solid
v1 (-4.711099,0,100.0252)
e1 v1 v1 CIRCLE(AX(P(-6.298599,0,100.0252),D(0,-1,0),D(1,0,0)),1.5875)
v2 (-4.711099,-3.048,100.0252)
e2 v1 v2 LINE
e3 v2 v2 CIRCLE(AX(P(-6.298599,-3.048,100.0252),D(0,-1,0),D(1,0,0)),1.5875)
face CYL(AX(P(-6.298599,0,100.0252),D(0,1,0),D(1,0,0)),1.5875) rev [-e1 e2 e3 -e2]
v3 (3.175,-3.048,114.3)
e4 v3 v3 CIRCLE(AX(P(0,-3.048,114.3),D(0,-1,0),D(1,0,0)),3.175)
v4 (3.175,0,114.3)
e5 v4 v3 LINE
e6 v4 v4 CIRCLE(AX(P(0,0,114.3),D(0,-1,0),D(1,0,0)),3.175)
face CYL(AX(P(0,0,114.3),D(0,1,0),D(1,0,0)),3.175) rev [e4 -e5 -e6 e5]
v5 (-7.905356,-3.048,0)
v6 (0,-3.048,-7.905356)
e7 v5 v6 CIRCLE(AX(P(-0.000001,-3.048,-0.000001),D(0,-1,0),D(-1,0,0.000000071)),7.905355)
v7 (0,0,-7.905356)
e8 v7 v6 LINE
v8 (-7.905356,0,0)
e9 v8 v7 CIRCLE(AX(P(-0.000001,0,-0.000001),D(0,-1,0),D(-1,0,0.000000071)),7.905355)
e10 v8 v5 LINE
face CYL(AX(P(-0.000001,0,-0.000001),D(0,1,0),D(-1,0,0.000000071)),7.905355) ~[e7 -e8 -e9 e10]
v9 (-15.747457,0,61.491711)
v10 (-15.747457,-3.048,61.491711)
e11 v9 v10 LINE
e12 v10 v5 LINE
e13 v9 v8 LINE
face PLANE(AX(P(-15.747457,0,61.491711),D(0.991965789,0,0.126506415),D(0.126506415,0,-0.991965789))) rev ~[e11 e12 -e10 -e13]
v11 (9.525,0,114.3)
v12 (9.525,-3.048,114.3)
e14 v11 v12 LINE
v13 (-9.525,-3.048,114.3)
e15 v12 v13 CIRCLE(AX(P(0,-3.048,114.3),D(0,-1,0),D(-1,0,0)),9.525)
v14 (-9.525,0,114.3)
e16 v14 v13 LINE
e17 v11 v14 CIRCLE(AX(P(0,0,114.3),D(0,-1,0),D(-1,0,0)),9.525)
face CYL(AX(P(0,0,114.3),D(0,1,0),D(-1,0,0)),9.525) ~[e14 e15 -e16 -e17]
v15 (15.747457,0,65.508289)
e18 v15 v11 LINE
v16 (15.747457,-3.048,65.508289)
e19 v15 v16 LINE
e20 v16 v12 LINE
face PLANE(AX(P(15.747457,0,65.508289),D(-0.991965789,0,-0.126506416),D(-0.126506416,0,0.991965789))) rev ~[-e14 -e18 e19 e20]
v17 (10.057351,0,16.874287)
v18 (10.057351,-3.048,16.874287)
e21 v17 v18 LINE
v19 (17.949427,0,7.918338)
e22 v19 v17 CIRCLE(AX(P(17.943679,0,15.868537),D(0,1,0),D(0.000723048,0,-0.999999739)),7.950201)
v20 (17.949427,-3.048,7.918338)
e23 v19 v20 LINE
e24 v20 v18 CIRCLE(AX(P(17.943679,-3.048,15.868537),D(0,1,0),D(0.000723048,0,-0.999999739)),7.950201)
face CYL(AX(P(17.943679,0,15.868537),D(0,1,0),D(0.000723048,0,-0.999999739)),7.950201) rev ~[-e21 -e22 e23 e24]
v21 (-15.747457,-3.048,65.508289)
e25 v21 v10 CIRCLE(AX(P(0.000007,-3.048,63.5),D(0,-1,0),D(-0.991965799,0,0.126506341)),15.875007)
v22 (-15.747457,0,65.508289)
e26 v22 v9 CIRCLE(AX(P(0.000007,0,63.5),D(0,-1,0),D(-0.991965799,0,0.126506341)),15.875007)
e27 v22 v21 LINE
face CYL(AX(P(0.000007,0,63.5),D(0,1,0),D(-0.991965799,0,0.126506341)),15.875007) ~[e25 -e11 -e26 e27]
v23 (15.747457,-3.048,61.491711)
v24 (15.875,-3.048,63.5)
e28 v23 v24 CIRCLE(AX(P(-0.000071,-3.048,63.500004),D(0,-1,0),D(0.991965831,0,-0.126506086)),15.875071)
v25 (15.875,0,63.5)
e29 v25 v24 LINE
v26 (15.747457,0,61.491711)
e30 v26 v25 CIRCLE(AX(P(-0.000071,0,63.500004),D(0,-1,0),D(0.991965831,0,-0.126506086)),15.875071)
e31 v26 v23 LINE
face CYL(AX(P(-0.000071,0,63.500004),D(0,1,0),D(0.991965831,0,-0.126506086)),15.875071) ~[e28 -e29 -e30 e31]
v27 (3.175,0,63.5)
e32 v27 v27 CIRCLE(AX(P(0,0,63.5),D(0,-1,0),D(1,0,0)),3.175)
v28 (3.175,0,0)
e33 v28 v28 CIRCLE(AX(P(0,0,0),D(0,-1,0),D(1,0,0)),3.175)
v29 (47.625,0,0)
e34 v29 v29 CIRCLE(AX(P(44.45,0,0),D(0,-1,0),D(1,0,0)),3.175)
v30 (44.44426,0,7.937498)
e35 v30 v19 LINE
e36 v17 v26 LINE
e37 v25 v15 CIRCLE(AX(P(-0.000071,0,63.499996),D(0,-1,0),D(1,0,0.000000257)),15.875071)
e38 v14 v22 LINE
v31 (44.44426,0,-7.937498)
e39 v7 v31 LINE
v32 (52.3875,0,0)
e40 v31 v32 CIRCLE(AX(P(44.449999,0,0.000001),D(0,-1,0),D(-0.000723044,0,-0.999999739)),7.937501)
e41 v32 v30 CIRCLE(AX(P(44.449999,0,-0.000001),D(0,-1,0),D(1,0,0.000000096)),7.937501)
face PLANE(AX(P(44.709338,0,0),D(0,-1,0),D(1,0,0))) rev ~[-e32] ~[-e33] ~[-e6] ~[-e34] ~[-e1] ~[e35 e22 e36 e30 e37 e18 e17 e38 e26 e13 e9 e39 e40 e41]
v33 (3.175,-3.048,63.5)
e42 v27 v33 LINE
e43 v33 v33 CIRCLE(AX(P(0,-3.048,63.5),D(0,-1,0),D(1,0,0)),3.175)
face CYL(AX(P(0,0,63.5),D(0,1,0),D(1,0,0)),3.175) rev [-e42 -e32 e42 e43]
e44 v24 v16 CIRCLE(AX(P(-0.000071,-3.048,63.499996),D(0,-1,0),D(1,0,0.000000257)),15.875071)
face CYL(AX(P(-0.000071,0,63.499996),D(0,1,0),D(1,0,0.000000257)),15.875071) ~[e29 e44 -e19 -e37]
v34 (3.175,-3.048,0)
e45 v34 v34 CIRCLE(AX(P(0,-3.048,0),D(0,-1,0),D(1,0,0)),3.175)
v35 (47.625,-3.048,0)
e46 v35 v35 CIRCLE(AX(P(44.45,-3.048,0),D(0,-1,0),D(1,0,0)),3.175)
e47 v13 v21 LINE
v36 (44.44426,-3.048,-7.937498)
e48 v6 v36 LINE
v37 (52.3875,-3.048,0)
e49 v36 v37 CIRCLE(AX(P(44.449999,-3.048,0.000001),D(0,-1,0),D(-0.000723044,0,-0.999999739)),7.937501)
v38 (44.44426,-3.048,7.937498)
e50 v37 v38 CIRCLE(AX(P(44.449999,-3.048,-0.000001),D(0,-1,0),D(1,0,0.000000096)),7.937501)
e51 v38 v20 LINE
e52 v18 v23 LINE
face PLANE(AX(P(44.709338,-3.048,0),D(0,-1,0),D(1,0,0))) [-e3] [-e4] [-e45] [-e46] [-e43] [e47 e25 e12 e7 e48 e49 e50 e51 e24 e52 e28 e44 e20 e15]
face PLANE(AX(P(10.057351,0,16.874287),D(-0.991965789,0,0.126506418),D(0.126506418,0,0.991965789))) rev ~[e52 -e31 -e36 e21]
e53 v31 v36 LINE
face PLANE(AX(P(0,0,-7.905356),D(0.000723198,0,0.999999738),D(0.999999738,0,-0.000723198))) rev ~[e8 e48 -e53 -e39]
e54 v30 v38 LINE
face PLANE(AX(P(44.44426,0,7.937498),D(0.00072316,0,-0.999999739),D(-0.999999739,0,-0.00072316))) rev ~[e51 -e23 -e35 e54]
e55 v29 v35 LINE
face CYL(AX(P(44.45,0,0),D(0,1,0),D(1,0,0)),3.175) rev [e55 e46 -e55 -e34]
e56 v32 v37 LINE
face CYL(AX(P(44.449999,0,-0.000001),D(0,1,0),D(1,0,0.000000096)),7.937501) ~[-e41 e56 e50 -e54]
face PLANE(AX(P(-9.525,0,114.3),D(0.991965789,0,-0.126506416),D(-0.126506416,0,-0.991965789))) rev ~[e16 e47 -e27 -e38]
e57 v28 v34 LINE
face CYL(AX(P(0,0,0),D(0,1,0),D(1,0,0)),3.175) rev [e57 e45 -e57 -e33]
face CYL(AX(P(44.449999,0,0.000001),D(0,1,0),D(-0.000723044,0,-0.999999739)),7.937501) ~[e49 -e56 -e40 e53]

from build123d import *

# Parameters (mm, degrees)
F0_R     = 3.175
F0_R_2   = 1.5875
F1_DEPTH = 3.048


with BuildPart() as f1:
    # F0 (on Front) → F1 (new body)
    with BuildSketch(Plane.XZ):
        with BuildLine():
            ThreePointArc((44.44426, -7.937498), (50.06063, -5.614689), (52.3875, 0))
            ThreePointArc((52.3875, 0), (50.06063, 5.614689), (44.44426, 7.937498))
            ThreePointArc((44.44426, 7.937498), (36.5125, 0), (44.44426, -7.937498))
        make_face()
        with Locations((44.45, 0)):
            Circle(F0_R, mode=Mode.SUBTRACT)
        with BuildLine():
            ThreePointArc((44.44426, -7.937498), (36.5125, 0), (44.44426, 7.937498))
            Line((44.44426, 7.937498), (17.949427, 7.918338))
            ThreePointArc((17.949427, 7.918338), (11.978937, 10.612345), (10.057351, 16.874287))
            Line((10.057351, 16.874287), (15.747457, 61.491711))
            ThreePointArc((15.747457, 61.491711), (0, 47.625), (-15.747457, 61.491711))
            Line((-15.747457, 61.491711), (-7.905356, 0))
            ThreePointArc((-7.905356, 0), (0, 7.905356), (7.905356, 0))
            ThreePointArc((7.905356, 0), (5.589931, -5.589931), (0, -7.905356))
            Line((0, -7.905356), (44.44426, -7.937498))
        make_face()
        with BuildLine():
            ThreePointArc((-7.905356, 0), (-5.589931, -5.589931), (0, -7.905356))
            ThreePointArc((0, -7.905356), (5.589931, -5.589931), (7.905356, 0))
            ThreePointArc((7.905356, 0), (0, 7.905356), (-7.905356, 0))
        make_face()
        Circle(F0_R, mode=Mode.SUBTRACT)
        with BuildLine():
            ThreePointArc((-15.747457, 61.491711), (0, 47.625), (15.747457, 61.491711))
            ThreePointArc((15.747457, 61.491711), (15.843082, 62.493832), (15.875, 63.5))
            ThreePointArc((15.875, 63.5), (15.843082, 64.506168), (15.747457, 65.508289))
            ThreePointArc((15.747457, 65.508289), (0, 79.375), (-15.747457, 65.508289))
            ThreePointArc((-15.747457, 65.508289), (-15.875, 63.5), (-15.747457, 61.491711))
        make_face()
        with Locations((0, 63.5)):
            Circle(F0_R, mode=Mode.SUBTRACT)
        with BuildLine():
            Line((-9.525, 114.3), (-15.747457, 65.508289))
            ThreePointArc((-15.747457, 65.508289), (0, 79.375), (15.747457, 65.508289))
            Line((15.747457, 65.508289), (9.525, 114.3))
            ThreePointArc((9.525, 114.3), (0, 104.775), (-9.525, 114.3))
        make_face()
        with Locations((-6.298599, 100.0252)):
            Circle(F0_R_2, mode=Mode.SUBTRACT)
        with BuildLine():
            ThreePointArc((9.525, 114.3), (0, 123.825), (-9.525, 114.3))
            ThreePointArc((-9.525, 114.3), (0, 104.775), (9.525, 114.3))
        make_face()
        with Locations((0, 114.3)):
            Circle(F0_R, mode=Mode.SUBTRACT)
    extrude(amount=F1_DEPTH)


solid = f1.part
